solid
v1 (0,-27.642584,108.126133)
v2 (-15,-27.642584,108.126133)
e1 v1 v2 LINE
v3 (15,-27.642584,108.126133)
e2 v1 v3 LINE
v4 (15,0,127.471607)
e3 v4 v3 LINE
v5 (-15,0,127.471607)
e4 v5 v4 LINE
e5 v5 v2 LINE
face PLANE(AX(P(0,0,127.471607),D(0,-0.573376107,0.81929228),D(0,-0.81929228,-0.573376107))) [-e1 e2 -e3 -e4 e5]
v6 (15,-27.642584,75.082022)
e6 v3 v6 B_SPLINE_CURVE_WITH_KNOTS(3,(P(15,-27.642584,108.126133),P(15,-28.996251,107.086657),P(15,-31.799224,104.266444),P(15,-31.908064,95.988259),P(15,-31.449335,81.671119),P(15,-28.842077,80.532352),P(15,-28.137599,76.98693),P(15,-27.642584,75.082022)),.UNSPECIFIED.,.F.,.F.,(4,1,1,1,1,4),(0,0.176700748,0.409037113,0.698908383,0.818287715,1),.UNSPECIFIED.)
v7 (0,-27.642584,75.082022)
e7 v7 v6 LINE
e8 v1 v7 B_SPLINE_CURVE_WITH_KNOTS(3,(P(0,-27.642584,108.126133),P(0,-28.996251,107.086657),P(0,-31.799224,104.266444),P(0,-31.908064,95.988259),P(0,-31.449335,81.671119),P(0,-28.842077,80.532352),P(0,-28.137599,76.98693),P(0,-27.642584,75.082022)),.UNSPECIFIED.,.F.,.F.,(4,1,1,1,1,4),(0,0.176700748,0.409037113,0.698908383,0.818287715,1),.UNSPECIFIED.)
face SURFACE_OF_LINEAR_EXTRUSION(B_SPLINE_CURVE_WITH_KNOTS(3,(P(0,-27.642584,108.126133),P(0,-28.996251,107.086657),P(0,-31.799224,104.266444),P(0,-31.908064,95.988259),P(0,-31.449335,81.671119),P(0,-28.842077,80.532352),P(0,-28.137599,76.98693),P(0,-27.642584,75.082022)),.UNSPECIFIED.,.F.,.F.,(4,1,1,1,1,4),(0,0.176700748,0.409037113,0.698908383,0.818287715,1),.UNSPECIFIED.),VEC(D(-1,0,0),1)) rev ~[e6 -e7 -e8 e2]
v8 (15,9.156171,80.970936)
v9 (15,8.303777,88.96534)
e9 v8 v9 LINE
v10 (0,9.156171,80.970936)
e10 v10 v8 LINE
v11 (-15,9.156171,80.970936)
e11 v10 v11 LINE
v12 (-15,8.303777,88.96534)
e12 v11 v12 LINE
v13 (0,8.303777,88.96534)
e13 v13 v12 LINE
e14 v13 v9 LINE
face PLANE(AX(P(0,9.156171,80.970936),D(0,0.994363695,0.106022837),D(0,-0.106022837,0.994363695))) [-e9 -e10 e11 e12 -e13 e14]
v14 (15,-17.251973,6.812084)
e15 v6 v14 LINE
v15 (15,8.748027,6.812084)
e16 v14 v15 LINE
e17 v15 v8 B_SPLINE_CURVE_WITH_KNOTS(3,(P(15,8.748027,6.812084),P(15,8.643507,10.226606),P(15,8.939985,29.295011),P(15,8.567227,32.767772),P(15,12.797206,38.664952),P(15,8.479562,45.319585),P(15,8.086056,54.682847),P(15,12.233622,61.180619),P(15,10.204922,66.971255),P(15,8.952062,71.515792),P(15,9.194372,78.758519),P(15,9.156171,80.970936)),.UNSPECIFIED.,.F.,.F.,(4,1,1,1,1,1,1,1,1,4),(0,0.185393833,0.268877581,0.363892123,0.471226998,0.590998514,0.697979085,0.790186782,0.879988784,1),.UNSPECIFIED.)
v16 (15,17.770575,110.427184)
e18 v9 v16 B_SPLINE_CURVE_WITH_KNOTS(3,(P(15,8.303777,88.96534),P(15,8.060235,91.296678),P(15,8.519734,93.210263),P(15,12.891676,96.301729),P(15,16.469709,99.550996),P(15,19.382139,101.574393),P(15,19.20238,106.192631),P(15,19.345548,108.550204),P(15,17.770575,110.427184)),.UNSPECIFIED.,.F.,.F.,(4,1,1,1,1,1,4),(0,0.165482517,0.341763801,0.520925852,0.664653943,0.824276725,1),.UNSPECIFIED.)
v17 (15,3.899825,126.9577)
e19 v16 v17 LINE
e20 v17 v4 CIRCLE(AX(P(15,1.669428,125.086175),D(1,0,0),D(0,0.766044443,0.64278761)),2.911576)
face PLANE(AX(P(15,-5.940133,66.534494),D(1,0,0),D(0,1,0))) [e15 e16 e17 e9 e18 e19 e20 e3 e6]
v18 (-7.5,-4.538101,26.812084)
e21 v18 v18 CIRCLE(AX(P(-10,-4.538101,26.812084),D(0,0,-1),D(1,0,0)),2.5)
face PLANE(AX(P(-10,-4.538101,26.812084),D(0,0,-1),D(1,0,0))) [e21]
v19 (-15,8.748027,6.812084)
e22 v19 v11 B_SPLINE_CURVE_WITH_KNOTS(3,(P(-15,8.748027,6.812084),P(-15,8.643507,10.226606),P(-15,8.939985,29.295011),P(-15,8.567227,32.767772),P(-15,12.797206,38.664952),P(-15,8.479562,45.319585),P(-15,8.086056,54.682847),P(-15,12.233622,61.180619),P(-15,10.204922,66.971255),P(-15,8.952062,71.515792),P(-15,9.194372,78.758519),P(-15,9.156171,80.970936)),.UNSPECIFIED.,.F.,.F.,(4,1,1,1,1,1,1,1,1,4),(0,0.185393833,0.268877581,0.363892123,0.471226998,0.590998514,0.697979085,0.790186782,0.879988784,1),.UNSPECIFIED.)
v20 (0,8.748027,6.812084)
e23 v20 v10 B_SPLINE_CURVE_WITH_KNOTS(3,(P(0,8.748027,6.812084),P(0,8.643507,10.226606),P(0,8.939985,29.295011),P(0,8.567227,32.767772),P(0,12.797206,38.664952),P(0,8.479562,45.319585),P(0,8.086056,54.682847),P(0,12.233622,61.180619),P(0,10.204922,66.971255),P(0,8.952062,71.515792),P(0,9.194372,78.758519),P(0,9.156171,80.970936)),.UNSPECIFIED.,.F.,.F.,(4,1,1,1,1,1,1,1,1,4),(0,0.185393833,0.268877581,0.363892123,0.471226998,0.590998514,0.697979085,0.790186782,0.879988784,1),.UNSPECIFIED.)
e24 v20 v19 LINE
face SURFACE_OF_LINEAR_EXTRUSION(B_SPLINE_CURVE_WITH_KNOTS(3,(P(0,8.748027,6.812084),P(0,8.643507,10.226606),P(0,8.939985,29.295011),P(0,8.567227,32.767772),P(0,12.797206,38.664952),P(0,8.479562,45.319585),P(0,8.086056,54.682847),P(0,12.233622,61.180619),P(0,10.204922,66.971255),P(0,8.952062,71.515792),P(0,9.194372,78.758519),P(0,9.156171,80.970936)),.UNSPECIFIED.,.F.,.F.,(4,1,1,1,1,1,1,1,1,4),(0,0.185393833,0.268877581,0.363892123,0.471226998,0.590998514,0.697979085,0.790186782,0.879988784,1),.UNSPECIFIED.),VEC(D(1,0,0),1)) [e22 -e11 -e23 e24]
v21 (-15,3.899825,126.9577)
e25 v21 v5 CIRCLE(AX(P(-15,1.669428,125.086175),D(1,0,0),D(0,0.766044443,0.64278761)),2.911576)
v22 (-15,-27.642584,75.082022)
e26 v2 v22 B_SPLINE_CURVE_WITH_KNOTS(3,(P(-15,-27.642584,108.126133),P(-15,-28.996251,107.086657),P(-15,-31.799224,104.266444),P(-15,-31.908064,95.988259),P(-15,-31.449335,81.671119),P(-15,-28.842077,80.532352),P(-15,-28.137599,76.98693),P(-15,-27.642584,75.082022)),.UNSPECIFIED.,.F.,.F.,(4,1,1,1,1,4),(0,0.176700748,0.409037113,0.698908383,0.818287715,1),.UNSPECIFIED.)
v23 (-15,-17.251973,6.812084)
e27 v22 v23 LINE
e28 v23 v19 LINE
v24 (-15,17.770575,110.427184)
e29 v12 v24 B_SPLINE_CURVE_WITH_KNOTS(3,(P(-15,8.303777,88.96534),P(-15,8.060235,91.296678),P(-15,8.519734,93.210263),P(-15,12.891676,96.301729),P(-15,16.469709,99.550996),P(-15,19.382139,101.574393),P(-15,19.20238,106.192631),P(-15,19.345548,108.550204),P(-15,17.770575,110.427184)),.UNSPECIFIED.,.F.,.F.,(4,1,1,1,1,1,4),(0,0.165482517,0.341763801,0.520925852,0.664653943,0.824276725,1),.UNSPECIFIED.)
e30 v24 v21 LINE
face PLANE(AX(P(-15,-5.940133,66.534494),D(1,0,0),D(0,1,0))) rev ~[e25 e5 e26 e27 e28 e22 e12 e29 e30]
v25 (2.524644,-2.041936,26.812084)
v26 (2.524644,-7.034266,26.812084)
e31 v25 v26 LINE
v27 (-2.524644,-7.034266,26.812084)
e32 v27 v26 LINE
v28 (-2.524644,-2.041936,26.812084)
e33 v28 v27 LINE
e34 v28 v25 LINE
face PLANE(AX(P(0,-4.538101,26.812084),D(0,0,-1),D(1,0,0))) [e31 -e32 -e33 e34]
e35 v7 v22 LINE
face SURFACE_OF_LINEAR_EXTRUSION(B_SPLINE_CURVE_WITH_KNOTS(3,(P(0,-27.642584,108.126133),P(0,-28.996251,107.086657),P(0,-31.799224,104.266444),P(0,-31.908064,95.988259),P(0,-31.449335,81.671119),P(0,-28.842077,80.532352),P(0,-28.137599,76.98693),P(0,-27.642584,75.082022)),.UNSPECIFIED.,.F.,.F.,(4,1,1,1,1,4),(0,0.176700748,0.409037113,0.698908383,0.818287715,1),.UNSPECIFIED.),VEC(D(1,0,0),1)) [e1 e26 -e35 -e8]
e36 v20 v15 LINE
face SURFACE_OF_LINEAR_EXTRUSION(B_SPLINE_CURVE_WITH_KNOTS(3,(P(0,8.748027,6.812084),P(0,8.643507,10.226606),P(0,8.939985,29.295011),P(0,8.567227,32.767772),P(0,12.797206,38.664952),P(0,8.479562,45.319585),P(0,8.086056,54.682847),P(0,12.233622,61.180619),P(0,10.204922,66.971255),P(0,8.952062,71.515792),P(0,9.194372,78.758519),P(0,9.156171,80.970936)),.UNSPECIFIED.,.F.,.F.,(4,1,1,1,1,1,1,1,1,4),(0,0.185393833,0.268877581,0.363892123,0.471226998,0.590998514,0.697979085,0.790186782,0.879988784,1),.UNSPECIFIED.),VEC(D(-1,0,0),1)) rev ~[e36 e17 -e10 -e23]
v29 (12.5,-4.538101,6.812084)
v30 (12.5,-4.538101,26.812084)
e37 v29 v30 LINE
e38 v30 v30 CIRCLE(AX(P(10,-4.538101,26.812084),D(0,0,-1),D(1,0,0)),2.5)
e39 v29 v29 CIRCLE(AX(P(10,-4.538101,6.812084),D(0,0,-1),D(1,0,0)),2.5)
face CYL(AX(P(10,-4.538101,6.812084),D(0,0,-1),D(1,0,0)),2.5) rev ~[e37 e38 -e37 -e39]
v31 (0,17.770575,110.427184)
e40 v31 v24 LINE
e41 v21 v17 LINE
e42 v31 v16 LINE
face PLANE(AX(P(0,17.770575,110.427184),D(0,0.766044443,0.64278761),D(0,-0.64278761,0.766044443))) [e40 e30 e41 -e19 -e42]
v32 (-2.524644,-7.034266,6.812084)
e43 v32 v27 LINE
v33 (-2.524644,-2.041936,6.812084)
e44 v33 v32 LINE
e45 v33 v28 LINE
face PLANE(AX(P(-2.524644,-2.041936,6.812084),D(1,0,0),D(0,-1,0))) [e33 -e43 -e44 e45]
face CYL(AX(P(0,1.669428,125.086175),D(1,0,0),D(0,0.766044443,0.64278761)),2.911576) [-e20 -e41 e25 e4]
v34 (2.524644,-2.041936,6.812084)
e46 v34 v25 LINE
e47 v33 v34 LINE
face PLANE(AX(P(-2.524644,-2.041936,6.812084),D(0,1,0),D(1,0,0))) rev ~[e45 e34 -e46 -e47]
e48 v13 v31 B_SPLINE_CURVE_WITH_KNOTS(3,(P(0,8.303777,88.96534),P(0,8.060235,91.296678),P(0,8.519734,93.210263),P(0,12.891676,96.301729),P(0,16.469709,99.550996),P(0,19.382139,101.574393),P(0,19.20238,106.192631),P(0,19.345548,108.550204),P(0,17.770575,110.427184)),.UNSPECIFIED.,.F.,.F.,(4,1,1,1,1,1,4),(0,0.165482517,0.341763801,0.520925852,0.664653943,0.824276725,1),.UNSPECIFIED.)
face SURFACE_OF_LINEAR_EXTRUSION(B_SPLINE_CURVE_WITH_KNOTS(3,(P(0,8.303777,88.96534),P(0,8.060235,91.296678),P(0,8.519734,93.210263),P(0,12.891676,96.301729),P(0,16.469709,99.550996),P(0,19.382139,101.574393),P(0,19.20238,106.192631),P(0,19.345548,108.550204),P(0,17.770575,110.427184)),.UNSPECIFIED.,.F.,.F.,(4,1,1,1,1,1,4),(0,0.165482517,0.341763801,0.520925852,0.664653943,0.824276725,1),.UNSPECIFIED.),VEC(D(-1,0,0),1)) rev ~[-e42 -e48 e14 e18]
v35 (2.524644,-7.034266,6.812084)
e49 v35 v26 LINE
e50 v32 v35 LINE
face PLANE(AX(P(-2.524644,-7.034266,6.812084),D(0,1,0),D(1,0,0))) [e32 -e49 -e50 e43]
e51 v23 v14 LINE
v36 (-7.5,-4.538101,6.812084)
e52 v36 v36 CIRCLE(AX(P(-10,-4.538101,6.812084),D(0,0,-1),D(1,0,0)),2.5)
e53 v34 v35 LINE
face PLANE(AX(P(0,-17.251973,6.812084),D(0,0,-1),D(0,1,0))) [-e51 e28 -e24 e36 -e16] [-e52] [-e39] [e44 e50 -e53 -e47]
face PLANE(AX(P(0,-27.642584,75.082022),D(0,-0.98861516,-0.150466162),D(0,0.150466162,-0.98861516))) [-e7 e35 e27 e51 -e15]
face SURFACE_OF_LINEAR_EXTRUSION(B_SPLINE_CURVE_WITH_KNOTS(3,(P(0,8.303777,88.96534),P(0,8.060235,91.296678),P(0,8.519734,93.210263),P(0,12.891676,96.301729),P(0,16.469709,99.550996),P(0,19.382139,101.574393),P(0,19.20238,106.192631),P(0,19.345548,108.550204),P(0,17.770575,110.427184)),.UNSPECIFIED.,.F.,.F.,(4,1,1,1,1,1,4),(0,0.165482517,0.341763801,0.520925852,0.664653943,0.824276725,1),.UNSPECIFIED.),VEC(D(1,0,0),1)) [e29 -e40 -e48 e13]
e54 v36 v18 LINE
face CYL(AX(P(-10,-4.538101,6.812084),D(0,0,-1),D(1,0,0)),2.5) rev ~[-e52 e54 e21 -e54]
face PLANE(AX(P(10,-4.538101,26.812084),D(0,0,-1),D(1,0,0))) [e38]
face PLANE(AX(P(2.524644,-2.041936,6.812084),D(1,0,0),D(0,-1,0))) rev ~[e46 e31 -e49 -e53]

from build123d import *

# Parameters (mm, degrees)
F1_DEPTH = 15
F2_W     = 5.0492878072
F2_H     = 4.9923299812
F2_R     = 2.5
F3_DEPTH = 20


with BuildPart() as f1:
    # F0 (on Right) → F1 (new body, symmetric)
    with BuildSketch(Plane.YZ):
        with BuildLine():
            Line((17.7705745877, 110.4271839324), (3.899824656, 126.9576999954))
            ThreePointArc((3.899824656, 126.9576999954), (2.0498179474, 127.9727955751), (0, 127.4716067479))
            Line((0, 127.4716067479), (-27.6425841884, 108.1261329841))
            add(Edge.make_bspline(
                [(-27.6425841884, 108.1261329841), (-28.9962509323, 107.0866565511), (-31.7992237659, 104.2664438082), (-31.9080639512, 95.9882590359), (-31.4493353821, 81.6711189117), (-28.8420774778, 80.532352499), (-28.1375986662, 76.9869304037), (-27.6425841884, 75.0820216722)],
                knots=[0, 0, 0, 0, 0.1767007478, 0.4090371134, 0.6989083832, 0.8182877145, 1, 1, 1, 1], degree=3))
            Line((-27.6425841884, 75.0820216722), (-17.251973293, 6.8120841834))
            Line((-17.251973293, 6.8120841834), (8.748026707, 6.8120841834))
            add(Edge.make_bspline(
                [(8.748026707, 6.8120841834), (8.6435074998, 10.2266063309), (8.9399848315, 29.2950106099), (8.5672270256, 32.767771996), (12.7972055285, 38.664951647), (8.479561701, 45.3195845989), (8.086055896, 54.6828473515), (12.2336224479, 61.1806188569), (10.2049223998, 66.9712549262), (8.9520615942, 71.515792002), (9.1943721379, 78.7585189282), (9.1561711157, 80.9709361917)],
                knots=[0, 0, 0, 0, 0.1853938333, 0.2688775809, 0.3638921226, 0.4712269984, 0.5909985145, 0.6979790854, 0.7901867819, 0.8799887842, 1, 1, 1, 1], degree=3))
            Line((9.1561711157, 80.9709361917), (8.3037774262, 88.9653396656))
            add(Edge.make_bspline(
                [(8.3037774262, 88.9653396656), (8.0602352527, 91.296678043), (8.5197335757, 93.2102632027), (12.8916759154, 96.3017293717), (16.4697092795, 99.5509955673), (19.38213871, 101.5743928285), (19.2023801103, 106.1926312916), (19.345547908, 108.5502038197), (17.7705745877, 110.4271839324)],
                knots=[0, 0, 0, 0, 0.1654825166, 0.341763801, 0.5209258515, 0.6646539428, 0.8242767249, 1, 1, 1, 1], degree=3))
        make_face()
    extrude(amount=F1_DEPTH, both=True)

    # F2 (on face) → F3 (cut)
    with BuildSketch(Plane(origin=(0, 0, 6.8120841834), x_dir=(1, 0, 0), z_dir=(0, 0, -1))):
        with Locations((0, 4.5381011441)):
            Rectangle(F2_W, F2_H)
        with Locations((-10, 4.5381011441)):
            Circle(F2_R)
        with Locations((10, 4.5381011441)):
            Circle(F2_R)
    extrude(amount=-F3_DEPTH, mode=Mode.SUBTRACT)


solid = f1.part
